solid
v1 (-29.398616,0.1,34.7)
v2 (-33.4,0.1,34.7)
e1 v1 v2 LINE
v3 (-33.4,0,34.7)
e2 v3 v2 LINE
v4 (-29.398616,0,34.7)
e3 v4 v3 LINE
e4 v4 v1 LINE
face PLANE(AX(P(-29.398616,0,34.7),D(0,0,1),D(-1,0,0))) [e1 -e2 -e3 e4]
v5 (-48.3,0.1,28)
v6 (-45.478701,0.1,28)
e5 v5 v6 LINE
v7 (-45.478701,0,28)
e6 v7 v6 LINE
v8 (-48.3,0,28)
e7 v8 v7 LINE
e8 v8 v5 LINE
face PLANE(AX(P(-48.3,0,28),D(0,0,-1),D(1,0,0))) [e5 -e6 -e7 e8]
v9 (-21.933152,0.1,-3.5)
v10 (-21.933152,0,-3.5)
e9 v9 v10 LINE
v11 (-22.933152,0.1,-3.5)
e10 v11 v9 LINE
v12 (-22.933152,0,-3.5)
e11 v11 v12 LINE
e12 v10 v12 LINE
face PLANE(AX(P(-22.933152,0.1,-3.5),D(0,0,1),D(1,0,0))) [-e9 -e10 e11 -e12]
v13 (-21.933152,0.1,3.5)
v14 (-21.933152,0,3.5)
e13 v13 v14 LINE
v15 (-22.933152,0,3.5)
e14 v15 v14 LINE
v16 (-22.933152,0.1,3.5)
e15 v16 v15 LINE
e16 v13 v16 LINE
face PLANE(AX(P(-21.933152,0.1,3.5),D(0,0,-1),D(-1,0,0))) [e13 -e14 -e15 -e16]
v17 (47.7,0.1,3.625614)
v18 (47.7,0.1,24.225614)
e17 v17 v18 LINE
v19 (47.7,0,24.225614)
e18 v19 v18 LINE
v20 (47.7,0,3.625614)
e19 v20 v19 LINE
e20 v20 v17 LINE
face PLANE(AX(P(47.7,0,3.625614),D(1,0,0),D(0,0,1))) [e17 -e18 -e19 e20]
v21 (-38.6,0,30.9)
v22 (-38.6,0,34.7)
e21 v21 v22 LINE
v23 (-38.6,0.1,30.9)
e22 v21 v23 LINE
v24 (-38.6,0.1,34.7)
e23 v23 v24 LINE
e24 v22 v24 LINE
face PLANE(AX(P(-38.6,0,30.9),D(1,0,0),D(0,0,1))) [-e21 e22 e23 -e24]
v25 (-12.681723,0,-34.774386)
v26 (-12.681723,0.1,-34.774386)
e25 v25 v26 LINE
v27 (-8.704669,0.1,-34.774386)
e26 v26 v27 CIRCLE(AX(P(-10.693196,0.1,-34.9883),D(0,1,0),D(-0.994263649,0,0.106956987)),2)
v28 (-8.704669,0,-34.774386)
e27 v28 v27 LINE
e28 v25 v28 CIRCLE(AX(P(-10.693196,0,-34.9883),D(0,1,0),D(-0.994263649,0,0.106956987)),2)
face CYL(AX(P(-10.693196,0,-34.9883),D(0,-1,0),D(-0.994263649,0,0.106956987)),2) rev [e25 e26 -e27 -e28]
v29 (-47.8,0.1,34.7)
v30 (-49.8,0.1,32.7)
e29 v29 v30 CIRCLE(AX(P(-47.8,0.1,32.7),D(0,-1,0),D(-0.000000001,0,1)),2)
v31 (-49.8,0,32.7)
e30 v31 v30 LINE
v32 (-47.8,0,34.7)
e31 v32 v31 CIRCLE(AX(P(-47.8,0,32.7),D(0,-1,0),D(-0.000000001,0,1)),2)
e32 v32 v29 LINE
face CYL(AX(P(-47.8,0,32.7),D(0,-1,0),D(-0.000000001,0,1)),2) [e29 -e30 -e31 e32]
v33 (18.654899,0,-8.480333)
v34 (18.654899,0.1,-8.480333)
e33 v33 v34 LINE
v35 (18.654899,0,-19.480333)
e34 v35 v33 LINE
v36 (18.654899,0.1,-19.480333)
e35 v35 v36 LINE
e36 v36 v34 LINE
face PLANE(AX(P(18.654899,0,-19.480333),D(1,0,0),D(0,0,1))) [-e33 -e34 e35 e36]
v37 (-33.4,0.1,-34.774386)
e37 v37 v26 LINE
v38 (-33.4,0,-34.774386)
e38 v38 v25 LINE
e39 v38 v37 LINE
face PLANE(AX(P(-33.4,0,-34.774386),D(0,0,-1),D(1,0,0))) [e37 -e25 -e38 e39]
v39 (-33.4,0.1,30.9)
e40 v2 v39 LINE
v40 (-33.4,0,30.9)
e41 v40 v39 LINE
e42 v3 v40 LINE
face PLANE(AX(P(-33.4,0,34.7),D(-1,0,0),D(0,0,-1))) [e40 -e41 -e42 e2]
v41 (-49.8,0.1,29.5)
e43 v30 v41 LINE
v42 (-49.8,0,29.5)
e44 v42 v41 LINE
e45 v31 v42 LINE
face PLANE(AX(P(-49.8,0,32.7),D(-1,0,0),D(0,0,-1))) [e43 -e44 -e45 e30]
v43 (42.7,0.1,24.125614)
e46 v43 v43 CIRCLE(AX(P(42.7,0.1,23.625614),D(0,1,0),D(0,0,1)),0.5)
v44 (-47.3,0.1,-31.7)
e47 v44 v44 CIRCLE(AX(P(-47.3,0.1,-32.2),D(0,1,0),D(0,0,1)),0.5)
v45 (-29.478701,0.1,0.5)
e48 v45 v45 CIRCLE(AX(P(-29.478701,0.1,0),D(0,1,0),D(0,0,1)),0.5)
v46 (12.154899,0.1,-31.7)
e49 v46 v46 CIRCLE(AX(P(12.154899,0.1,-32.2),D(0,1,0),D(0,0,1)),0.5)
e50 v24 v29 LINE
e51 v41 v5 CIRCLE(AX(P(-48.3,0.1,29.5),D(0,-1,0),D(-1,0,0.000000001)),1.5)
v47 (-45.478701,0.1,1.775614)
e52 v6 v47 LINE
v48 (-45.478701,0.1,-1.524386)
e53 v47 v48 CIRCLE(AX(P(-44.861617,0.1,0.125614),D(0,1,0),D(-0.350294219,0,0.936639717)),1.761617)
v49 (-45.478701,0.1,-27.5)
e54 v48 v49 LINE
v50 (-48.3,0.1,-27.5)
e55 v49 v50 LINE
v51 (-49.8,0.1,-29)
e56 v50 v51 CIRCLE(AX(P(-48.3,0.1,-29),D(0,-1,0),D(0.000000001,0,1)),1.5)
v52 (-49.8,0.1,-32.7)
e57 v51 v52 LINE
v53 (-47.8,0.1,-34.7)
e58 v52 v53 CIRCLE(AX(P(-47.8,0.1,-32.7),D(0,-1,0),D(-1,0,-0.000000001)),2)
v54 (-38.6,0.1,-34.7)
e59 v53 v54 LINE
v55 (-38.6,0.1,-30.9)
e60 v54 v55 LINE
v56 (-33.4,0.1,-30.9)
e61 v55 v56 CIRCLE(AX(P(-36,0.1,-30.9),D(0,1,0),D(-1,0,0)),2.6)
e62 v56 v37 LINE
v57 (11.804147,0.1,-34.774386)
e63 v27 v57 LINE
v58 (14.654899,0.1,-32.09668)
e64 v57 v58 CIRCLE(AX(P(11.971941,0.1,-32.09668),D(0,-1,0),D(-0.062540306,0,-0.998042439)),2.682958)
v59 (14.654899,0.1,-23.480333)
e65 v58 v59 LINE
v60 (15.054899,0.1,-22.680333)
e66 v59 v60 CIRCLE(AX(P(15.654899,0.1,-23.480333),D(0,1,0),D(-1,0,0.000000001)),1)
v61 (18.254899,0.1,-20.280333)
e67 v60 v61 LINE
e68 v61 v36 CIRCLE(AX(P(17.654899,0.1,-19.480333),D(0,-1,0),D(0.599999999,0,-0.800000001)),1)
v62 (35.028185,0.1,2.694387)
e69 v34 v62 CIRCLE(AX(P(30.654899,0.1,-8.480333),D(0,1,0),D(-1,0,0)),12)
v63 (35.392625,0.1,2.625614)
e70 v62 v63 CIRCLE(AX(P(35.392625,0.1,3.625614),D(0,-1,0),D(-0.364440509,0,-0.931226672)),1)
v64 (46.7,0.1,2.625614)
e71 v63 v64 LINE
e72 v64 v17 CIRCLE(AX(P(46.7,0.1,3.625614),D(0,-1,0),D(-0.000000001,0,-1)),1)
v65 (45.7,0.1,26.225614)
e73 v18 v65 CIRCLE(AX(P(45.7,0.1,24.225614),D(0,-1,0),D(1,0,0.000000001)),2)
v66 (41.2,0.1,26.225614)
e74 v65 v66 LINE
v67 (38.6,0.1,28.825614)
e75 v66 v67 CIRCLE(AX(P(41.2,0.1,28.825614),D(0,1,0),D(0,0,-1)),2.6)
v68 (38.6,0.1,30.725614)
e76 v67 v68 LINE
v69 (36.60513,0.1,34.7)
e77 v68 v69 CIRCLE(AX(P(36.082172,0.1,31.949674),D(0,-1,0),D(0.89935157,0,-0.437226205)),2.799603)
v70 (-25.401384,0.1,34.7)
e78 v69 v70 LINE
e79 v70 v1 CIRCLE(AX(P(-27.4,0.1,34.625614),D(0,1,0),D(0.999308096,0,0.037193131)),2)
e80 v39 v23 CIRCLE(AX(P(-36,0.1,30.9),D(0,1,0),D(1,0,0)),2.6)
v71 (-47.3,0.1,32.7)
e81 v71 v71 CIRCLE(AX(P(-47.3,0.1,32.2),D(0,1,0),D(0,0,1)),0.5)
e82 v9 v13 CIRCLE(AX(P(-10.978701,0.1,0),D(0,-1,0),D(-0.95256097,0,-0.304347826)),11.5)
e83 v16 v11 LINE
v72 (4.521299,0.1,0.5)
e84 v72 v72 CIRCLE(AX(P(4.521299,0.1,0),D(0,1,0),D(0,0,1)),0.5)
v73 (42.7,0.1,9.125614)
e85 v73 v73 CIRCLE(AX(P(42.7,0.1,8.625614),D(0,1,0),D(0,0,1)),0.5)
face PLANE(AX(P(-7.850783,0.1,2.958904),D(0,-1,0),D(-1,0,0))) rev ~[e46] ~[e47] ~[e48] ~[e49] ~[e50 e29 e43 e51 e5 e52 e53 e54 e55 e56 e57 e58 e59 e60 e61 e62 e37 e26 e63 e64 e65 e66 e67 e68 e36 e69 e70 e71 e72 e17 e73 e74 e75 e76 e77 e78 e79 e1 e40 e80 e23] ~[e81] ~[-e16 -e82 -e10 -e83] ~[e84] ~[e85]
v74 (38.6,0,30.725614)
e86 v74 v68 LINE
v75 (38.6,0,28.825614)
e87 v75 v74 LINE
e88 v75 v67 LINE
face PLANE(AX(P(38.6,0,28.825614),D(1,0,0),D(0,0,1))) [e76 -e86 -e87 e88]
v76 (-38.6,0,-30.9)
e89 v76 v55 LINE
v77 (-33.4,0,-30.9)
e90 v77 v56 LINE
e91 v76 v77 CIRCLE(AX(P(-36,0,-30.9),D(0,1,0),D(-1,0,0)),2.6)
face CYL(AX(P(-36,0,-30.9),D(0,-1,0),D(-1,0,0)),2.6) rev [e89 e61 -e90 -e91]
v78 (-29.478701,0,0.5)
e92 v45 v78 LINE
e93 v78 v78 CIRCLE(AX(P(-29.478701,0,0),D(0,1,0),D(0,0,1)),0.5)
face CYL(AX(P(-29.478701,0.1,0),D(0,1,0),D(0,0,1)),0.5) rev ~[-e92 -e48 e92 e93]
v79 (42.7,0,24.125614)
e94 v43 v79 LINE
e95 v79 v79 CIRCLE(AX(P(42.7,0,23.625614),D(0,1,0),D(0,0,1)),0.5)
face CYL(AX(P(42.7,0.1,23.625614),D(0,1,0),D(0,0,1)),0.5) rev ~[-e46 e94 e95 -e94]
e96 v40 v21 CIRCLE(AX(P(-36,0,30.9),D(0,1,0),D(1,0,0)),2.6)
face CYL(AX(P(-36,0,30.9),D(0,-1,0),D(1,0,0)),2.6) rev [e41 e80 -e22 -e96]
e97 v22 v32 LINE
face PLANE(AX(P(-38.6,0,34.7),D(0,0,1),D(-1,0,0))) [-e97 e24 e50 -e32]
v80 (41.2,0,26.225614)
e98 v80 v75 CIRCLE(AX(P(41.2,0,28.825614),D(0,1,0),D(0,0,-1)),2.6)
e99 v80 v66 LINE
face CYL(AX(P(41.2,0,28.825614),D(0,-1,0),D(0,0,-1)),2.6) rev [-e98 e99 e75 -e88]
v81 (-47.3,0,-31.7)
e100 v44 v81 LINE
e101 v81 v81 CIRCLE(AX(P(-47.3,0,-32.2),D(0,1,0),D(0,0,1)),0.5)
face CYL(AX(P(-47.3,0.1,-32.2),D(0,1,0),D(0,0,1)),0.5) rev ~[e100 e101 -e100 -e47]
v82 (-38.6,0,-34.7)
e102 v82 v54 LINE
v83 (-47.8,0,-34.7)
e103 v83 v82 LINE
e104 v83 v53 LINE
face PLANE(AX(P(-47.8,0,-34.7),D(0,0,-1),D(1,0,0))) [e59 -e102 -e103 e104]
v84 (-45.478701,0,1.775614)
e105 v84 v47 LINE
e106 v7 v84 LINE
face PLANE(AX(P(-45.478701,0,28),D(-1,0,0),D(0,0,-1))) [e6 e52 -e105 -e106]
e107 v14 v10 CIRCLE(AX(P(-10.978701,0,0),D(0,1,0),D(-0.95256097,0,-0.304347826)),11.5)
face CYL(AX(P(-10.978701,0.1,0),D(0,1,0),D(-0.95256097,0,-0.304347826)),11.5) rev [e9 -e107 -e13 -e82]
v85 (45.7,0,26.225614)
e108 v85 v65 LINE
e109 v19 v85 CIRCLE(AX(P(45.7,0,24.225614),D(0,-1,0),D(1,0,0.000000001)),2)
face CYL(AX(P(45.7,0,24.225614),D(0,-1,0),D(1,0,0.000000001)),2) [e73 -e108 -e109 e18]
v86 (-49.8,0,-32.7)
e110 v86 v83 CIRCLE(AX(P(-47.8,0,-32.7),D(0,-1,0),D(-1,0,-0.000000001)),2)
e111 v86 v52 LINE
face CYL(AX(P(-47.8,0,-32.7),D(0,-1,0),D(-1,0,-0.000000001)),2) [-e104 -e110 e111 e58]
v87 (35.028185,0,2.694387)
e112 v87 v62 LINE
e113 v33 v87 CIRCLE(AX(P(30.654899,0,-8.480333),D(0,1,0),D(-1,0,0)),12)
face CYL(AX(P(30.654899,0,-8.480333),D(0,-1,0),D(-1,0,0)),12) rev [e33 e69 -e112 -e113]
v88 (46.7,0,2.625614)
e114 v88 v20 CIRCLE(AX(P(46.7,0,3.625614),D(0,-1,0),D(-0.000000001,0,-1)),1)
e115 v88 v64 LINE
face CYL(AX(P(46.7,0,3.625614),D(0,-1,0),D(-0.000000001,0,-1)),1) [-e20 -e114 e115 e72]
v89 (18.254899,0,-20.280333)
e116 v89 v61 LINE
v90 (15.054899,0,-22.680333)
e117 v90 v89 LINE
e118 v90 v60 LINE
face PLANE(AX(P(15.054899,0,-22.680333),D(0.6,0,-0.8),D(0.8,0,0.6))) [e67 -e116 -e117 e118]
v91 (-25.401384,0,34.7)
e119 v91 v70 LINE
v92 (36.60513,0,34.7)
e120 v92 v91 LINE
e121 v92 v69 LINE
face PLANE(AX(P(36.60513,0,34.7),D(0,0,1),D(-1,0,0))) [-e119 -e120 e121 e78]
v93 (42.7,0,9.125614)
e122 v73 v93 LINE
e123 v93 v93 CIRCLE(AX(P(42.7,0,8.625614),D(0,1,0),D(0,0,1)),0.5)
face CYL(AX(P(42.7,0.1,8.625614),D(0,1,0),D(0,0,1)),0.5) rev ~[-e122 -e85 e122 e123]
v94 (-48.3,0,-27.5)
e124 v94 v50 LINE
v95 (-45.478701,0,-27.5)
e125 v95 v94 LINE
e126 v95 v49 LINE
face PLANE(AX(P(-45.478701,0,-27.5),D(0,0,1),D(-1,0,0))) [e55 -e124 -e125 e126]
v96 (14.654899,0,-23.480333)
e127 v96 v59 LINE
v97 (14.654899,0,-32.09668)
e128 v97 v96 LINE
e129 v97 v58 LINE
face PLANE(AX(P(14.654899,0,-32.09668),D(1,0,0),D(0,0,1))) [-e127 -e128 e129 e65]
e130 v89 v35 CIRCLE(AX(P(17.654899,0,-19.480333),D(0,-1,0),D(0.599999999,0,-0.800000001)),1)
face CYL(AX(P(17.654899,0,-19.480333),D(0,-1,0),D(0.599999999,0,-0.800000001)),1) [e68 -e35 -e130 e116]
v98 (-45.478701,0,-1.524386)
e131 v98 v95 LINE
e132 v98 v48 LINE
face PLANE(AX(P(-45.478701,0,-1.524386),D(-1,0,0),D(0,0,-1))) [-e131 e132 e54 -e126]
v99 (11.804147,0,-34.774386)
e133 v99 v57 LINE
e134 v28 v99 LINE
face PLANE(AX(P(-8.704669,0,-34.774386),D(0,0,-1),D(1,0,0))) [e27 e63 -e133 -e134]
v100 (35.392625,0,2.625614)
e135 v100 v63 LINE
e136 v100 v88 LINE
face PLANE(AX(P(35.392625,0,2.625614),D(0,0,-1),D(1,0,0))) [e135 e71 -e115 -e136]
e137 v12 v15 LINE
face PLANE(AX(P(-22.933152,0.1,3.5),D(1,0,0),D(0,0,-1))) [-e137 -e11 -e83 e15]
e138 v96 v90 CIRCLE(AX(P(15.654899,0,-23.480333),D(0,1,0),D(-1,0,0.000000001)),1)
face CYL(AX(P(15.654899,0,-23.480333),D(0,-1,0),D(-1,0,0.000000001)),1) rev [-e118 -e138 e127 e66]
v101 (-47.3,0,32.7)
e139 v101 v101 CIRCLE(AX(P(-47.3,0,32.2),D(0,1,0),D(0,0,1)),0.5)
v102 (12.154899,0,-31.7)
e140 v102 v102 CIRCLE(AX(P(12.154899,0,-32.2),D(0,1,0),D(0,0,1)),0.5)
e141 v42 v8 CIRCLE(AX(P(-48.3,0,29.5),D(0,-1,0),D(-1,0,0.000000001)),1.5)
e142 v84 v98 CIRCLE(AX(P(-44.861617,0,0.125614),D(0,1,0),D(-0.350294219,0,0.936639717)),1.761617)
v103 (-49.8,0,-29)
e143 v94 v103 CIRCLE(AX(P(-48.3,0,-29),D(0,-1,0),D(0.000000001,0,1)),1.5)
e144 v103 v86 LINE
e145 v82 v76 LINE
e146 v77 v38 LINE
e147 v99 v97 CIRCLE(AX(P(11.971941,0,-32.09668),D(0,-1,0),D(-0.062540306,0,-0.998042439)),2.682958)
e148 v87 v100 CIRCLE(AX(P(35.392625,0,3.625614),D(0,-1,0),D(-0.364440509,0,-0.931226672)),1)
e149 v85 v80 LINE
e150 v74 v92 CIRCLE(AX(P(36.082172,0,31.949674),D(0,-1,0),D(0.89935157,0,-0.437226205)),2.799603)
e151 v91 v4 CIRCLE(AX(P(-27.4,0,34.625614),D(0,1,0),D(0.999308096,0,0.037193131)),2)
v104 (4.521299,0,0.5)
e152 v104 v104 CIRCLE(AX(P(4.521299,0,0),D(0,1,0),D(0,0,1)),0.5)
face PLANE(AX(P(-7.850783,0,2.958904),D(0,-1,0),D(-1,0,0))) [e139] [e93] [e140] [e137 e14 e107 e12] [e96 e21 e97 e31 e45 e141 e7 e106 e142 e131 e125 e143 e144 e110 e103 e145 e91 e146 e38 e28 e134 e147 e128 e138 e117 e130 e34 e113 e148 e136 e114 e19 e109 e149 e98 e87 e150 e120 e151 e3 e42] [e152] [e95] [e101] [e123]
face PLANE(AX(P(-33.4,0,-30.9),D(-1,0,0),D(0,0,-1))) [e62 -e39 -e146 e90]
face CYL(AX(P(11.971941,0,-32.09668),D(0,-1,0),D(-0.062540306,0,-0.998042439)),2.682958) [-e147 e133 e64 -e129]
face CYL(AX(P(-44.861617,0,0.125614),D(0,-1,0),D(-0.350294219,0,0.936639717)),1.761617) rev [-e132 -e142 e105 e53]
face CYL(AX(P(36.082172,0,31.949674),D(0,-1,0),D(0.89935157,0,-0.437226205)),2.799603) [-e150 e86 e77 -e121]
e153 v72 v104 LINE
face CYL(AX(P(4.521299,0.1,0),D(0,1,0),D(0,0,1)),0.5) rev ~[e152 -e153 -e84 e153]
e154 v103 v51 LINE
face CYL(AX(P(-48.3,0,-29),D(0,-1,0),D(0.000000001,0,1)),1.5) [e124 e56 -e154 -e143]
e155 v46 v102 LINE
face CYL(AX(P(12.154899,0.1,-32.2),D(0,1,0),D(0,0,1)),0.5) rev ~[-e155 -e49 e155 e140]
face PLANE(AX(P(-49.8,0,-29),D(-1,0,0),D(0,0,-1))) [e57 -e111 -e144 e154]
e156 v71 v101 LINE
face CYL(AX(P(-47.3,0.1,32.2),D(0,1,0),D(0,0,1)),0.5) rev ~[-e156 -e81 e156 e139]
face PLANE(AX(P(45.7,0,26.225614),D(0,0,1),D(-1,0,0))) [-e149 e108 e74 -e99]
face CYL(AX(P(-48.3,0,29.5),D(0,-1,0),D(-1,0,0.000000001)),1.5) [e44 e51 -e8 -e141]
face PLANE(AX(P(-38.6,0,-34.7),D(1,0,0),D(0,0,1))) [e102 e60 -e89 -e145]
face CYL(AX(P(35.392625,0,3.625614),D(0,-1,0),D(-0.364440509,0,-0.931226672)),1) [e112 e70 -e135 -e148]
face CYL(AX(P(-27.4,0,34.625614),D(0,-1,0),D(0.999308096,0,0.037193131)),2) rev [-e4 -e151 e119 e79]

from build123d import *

# Parameters (mm, degrees)
EXTRUIR1_DEPTH = 0.1
CROQUIS2_R     = 0.5
EXTRUIR2_DEPTH = 61.742680558


with BuildPart() as part:
    # Croquis1 → Extruir1 (new body)
    with BuildSketch(Plane(origin=(0, 0, 0), x_dir=(1, 0, 0), z_dir=(0, 1, 0))):
        with BuildLine():
            Line((-33.4, 34.774386262), (-12.68172335, 34.774386262))
            ThreePointArc((-12.68172335, 34.774386262), (-10.693196053, 32.988300237), (-8.704668756, 34.774386262))
            Line((-8.704668756, 34.774386262), (11.804147498, 34.774386262))
            ThreePointArc((11.804147498, 34.774386262), (13.808796801, 34.052242285), (14.654898518, 32.096680311))
            Line((14.654898518, 32.096680311), (14.654898518, 23.480332981))
            ThreePointArc((14.654898518, 23.480332981), (14.760471327, 23.033119386), (15.054898518, 22.680332981))
            Line((15.054898518, 22.680332981), (18.254898518, 20.280332981))
            ThreePointArc((18.254898518, 20.280332981), (18.549325709, 19.927546577), (18.654898518, 19.480332981))
            Line((18.654898518, 19.480332981), (18.654898518, 8.480332981))
            ThreePointArc((18.654898518, 8.480332981), (23.890263788, -1.431262096), (35.028184679, -2.694387067))
            ThreePointArc((35.028184679, -2.694387067), (35.207188776, -2.642957473), (35.392625193, -2.625613738))
            Line((35.392625193, -2.625613738), (46.7, -2.625613738))
            ThreePointArc((46.7, -2.625613738), (47.407106781, -2.918506956), (47.7, -3.625613738))
            Line((47.7, -3.625613738), (47.7, -24.225613738))
            ThreePointArc((47.7, -24.225613738), (47.114213562, -25.6398273), (45.7, -26.225613738))
            Line((45.7, -26.225613738), (41.2, -26.225613738))
            ThreePointArc((41.2, -26.225613738), (39.361522369, -26.987136107), (38.6, -28.825613738))
            Line((38.6, -28.825613738), (38.6, -30.725613738))
            ThreePointArc((38.6, -30.725613738), (38.584277466, -33.205559421), (36.605129886, -34.7))
            Line((36.605129886, -34.7), (-25.401383808, -34.7))
            ThreePointArc((-25.401383808, -34.7), (-27.4, -32.625613738), (-29.398616192, -34.7))
            Line((-29.398616192, -34.7), (-33.4, -34.7))
            Line((-33.4, -34.7), (-33.4, -30.9))
            ThreePointArc((-33.4, -30.9), (-36, -28.3), (-38.6, -30.9))
            Line((-38.6, -30.9), (-38.6, -34.7))
            Line((-38.6, -34.7), (-47.8, -34.7))
            ThreePointArc((-47.8, -34.7), (-49.214213562, -34.114213562), (-49.8, -32.7))
            Line((-49.8, -32.7), (-49.8, -29.5))
            ThreePointArc((-49.8, -29.5), (-49.360660172, -28.439339828), (-48.3, -28))
            Line((-48.3, -28), (-45.478700604, -28))
            Line((-45.478700604, -28), (-45.478700604, -1.775613738))
            ThreePointArc((-45.478700604, -1.775613738), (-43.1, -0.125613738), (-45.478700604, 1.524386262))
            Line((-45.478700604, 1.524386262), (-45.478700604, 27.5))
            Line((-45.478700604, 27.5), (-48.3, 27.5))
            ThreePointArc((-48.3, 27.5), (-49.360660172, 27.939339828), (-49.8, 29))
            Line((-49.8, 29), (-49.8, 32.7))
            ThreePointArc((-49.8, 32.7), (-49.214213562, 34.114213562), (-47.8, 34.7))
            Line((-47.8, 34.7), (-38.6, 34.7))
            Line((-38.6, 34.7), (-38.6, 30.9))
            ThreePointArc((-38.6, 30.9), (-36, 28.3), (-33.4, 30.9))
            Line((-33.4, 30.9), (-33.4, 34.774386262))
        make_face()
    extrude(amount=EXTRUIR1_DEPTH)

    # Croquis2 → Extruir2 (cut, through all)
    with BuildSketch(Plane(origin=(0, 0.1, 0), x_dir=(1, 0, 0), z_dir=(0, 1, 0))):
        with Locations(Location((-29.478700604, 0, 0), (0, 0, 270))):
            Circle(CROQUIS2_R)
        with Locations(Location((-47.3, 32.2, 0), (0, 0, 270))):
            Circle(CROQUIS2_R)
        with Locations(Location((-47.3, -32.2, 0), (0, 0, 270))):
            Circle(CROQUIS2_R)
        with Locations(Location((12.154898518, 32.2, 0), (0, 0, 270))):
            Circle(CROQUIS2_R)
        with Locations(Location((4.521299396, 0, 0), (0, 0, 270))):
            Circle(CROQUIS2_R)
        with Locations(Location((42.7, -8.625613738, 0), (0, 0, 270))):
            Circle(CROQUIS2_R)
        with Locations(Location((42.7, -23.625613738, 0), (0, 0, 270))):
            Circle(CROQUIS2_R)
        with BuildLine():
            Line((-22.933151754, 3.5), (-21.933151754, 3.5))
            ThreePointArc((-21.933151754, 3.5), (0.521299396, 0), (-21.933151754, -3.5))
            Line((-21.933151754, -3.5), (-22.933151754, -3.5))
            Line((-22.933151754, -3.5), (-22.933151754, 3.5))
        make_face()
    extrude(amount=-EXTRUIR2_DEPTH, mode=Mode.SUBTRACT)


solid = part.part
